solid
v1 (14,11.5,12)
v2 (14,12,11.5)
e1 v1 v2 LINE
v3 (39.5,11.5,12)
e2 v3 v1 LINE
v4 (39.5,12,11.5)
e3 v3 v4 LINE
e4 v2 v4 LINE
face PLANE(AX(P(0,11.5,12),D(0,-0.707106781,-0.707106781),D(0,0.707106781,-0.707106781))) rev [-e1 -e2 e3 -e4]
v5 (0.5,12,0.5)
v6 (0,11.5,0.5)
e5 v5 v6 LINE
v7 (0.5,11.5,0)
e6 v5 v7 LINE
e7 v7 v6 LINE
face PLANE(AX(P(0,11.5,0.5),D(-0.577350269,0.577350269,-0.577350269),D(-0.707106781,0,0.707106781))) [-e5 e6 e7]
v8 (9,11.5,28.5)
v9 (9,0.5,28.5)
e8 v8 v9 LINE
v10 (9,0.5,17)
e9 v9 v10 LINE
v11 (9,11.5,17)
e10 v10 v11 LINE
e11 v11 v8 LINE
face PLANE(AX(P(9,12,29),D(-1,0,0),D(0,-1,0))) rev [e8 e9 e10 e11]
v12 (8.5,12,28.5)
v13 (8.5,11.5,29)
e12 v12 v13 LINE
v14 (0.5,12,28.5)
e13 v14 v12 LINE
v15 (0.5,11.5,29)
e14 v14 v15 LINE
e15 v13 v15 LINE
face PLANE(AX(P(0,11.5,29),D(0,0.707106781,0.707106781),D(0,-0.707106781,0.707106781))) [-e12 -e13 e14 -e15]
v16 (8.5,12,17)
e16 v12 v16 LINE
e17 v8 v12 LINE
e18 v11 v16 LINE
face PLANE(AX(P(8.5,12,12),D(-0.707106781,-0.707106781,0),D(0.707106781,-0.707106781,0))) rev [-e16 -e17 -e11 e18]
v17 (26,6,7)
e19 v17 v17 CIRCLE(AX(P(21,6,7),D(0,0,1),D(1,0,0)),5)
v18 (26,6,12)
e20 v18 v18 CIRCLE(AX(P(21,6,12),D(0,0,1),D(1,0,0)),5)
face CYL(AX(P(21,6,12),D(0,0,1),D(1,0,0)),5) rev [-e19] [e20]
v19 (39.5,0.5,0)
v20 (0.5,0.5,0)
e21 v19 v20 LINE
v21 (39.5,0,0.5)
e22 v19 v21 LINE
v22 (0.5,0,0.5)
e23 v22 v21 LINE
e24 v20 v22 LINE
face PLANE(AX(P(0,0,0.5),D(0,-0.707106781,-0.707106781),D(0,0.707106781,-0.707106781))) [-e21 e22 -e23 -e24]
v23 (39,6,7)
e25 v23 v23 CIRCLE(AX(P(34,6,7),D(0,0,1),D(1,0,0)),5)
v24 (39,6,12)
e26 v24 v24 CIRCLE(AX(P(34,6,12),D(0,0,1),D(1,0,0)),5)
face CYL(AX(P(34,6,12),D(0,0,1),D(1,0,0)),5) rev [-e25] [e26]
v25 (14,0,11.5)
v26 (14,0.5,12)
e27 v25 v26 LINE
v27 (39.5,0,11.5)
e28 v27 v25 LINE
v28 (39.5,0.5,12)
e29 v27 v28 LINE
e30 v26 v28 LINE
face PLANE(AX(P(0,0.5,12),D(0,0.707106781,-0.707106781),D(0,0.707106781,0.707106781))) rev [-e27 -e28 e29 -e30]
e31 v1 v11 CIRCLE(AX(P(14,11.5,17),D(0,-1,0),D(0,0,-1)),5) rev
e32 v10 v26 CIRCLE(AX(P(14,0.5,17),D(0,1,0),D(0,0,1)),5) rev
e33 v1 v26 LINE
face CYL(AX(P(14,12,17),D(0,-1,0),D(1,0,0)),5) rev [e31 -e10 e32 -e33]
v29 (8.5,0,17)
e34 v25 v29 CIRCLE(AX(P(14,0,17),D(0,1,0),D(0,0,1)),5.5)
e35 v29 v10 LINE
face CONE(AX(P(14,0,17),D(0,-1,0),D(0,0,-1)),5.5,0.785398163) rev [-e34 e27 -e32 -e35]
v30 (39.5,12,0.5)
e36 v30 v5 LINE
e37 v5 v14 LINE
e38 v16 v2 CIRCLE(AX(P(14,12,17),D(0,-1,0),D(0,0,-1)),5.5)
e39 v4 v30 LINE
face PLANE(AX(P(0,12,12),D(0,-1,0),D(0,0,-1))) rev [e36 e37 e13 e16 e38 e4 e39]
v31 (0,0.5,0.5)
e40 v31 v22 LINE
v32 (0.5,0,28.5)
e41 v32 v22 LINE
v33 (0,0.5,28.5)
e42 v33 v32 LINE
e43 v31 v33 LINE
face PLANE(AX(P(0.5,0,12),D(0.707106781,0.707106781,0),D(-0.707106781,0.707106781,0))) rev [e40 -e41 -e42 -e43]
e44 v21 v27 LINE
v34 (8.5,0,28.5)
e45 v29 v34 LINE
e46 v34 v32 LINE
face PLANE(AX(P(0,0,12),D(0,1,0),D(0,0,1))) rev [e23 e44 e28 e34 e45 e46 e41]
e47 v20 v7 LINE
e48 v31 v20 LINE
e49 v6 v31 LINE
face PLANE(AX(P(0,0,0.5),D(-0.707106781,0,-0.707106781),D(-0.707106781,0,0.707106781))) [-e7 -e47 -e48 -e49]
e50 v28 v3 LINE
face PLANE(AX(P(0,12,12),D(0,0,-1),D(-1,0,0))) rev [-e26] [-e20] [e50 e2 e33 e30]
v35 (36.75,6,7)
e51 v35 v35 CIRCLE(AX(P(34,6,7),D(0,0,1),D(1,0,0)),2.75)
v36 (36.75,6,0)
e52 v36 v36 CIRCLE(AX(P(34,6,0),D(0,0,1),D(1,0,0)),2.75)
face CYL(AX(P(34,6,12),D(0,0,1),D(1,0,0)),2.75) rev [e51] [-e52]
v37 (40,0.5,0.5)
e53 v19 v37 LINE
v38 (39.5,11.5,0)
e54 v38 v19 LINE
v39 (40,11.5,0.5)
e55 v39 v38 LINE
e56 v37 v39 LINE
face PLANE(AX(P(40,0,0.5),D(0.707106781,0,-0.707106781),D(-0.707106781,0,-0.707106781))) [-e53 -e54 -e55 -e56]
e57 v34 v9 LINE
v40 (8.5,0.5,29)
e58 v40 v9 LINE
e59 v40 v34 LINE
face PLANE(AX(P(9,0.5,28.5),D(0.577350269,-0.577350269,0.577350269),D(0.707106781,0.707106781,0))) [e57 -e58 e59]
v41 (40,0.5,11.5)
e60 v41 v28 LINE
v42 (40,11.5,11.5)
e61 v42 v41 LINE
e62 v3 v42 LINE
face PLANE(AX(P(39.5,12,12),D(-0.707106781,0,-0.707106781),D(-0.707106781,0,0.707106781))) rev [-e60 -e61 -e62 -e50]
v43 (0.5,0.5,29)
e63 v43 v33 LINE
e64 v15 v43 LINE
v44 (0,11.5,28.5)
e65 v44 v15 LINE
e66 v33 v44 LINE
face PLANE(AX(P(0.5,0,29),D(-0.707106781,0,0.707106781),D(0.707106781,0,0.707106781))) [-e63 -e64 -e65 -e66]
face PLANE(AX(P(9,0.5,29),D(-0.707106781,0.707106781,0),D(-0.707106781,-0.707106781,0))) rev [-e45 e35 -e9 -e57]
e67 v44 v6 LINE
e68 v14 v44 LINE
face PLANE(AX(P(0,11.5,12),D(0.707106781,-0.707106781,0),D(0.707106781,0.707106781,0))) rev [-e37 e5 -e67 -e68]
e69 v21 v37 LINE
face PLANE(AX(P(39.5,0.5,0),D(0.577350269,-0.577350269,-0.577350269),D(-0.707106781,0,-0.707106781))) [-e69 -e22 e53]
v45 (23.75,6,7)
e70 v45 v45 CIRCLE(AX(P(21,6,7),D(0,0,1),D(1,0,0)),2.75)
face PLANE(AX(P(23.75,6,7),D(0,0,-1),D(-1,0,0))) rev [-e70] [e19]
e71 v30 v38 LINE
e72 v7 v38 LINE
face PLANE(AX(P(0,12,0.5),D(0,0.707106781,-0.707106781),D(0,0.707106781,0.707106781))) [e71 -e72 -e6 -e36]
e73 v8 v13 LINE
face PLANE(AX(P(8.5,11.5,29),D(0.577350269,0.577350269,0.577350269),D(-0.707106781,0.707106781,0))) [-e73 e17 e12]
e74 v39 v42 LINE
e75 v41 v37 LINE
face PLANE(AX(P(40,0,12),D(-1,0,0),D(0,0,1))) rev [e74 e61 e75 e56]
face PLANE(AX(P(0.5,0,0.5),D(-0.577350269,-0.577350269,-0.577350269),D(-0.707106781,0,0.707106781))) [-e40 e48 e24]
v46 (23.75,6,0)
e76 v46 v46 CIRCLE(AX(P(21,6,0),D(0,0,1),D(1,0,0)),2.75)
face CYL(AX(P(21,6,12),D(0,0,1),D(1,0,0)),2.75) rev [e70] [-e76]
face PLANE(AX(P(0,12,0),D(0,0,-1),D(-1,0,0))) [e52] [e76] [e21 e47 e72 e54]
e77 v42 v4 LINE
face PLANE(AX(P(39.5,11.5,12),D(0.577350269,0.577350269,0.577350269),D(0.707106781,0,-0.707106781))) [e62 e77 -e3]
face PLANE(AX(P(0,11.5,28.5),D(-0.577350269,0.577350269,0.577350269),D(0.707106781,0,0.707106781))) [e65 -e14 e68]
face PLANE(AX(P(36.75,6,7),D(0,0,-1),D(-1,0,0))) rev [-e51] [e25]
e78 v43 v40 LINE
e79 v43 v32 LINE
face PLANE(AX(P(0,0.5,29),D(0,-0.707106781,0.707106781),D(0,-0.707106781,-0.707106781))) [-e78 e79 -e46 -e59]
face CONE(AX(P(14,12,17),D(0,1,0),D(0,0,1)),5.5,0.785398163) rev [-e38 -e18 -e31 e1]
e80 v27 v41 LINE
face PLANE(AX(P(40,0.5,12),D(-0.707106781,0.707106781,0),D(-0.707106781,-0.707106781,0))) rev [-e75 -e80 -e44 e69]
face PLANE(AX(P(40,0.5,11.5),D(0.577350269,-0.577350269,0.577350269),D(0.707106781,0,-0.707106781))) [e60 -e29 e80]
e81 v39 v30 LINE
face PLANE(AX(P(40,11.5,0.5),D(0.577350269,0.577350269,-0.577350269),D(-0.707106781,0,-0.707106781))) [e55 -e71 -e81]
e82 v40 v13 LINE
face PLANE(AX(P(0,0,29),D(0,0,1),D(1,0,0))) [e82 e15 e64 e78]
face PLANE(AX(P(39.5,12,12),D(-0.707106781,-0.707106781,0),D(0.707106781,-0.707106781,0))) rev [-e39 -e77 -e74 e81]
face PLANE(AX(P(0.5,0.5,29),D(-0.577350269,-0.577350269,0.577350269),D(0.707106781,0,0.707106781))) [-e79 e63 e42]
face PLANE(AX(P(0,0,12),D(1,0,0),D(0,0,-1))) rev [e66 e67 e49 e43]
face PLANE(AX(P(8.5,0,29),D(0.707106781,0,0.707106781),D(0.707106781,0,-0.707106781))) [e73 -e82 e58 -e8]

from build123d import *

# Parameters (mm, degrees)
SKETCH_1_W                   = 40
SKETCH_1_H                   = 12
EXTRUDE_1_DEPTH              = 12
SKETCH_2_W                   = 9
SKETCH_2_H                   = 12
EXTRUDE_2_DEPTH              = 17
FILLET_1_R                   = 5
HOLE_WIZARD_M5_1_D           = 5.5
HOLE_WIZARD_M5_1_CBORE_D     = 10
HOLE_WIZARD_M5_1_CBORE_DEPTH = 5
CHAMFER_1_SIZE               = 0.5


with BuildPart() as part:
    # 草图1 → 凸台-拉伸1 (new body)
    with BuildSketch(Plane.XY):
        with Locations((20, 6)):
            Rectangle(SKETCH_1_W, SKETCH_1_H)
    extrude(amount=EXTRUDE_1_DEPTH)

    # 草图2 → 凸台-拉伸2 (add)
    with BuildSketch(Plane.XY.offset(12)):
        with Locations((4.5, 6)):
            Rectangle(SKETCH_2_W, SKETCH_2_H)
    extrude(amount=EXTRUDE_2_DEPTH)

    # 圆角1
    fillet_1_edges = [part.edges().sort_by_distance(p)[0] for p in [
        (9, 6, 12),
    ]]
    fillet(fillet_1_edges, radius=FILLET_1_R)

    # M5 六角凹头螺钉的柱形沉头孔1 (through all)
    with Locations(Plane.XY.offset(12)):
        with Locations((34, 6), (21, 6)):
            CounterBoreHole(HOLE_WIZARD_M5_1_D / 2, HOLE_WIZARD_M5_1_CBORE_D / 2, HOLE_WIZARD_M5_1_CBORE_DEPTH)

    # 倒角1
    chamfer_1_edges = [part.edges().sort_by_distance(p)[0] for p in [
        (40, 6, 12),
        (27, 12, 12),
        (9, 0, 23),
        (9, 12, 23),
        (0, 6, 29),
        (4.5, 0, 29),
        (9, 6, 29),
        (4.5, 12, 29),
        (27, 0, 12),
        (10.464466094, 12, 13.464466094),
        (10.464466094, 0, 13.464466094),
        (20, 12, 0),
        (40, 6, 0),
        (20, 0, 0),
        (0, 6, 0),
        (0, 12, 14.5),
        (40, 12, 6),
        (40, 0, 6),
        (0, 0, 14.5),
    ]]
    chamfer(chamfer_1_edges, length=CHAMFER_1_SIZE)


solid = part.part
